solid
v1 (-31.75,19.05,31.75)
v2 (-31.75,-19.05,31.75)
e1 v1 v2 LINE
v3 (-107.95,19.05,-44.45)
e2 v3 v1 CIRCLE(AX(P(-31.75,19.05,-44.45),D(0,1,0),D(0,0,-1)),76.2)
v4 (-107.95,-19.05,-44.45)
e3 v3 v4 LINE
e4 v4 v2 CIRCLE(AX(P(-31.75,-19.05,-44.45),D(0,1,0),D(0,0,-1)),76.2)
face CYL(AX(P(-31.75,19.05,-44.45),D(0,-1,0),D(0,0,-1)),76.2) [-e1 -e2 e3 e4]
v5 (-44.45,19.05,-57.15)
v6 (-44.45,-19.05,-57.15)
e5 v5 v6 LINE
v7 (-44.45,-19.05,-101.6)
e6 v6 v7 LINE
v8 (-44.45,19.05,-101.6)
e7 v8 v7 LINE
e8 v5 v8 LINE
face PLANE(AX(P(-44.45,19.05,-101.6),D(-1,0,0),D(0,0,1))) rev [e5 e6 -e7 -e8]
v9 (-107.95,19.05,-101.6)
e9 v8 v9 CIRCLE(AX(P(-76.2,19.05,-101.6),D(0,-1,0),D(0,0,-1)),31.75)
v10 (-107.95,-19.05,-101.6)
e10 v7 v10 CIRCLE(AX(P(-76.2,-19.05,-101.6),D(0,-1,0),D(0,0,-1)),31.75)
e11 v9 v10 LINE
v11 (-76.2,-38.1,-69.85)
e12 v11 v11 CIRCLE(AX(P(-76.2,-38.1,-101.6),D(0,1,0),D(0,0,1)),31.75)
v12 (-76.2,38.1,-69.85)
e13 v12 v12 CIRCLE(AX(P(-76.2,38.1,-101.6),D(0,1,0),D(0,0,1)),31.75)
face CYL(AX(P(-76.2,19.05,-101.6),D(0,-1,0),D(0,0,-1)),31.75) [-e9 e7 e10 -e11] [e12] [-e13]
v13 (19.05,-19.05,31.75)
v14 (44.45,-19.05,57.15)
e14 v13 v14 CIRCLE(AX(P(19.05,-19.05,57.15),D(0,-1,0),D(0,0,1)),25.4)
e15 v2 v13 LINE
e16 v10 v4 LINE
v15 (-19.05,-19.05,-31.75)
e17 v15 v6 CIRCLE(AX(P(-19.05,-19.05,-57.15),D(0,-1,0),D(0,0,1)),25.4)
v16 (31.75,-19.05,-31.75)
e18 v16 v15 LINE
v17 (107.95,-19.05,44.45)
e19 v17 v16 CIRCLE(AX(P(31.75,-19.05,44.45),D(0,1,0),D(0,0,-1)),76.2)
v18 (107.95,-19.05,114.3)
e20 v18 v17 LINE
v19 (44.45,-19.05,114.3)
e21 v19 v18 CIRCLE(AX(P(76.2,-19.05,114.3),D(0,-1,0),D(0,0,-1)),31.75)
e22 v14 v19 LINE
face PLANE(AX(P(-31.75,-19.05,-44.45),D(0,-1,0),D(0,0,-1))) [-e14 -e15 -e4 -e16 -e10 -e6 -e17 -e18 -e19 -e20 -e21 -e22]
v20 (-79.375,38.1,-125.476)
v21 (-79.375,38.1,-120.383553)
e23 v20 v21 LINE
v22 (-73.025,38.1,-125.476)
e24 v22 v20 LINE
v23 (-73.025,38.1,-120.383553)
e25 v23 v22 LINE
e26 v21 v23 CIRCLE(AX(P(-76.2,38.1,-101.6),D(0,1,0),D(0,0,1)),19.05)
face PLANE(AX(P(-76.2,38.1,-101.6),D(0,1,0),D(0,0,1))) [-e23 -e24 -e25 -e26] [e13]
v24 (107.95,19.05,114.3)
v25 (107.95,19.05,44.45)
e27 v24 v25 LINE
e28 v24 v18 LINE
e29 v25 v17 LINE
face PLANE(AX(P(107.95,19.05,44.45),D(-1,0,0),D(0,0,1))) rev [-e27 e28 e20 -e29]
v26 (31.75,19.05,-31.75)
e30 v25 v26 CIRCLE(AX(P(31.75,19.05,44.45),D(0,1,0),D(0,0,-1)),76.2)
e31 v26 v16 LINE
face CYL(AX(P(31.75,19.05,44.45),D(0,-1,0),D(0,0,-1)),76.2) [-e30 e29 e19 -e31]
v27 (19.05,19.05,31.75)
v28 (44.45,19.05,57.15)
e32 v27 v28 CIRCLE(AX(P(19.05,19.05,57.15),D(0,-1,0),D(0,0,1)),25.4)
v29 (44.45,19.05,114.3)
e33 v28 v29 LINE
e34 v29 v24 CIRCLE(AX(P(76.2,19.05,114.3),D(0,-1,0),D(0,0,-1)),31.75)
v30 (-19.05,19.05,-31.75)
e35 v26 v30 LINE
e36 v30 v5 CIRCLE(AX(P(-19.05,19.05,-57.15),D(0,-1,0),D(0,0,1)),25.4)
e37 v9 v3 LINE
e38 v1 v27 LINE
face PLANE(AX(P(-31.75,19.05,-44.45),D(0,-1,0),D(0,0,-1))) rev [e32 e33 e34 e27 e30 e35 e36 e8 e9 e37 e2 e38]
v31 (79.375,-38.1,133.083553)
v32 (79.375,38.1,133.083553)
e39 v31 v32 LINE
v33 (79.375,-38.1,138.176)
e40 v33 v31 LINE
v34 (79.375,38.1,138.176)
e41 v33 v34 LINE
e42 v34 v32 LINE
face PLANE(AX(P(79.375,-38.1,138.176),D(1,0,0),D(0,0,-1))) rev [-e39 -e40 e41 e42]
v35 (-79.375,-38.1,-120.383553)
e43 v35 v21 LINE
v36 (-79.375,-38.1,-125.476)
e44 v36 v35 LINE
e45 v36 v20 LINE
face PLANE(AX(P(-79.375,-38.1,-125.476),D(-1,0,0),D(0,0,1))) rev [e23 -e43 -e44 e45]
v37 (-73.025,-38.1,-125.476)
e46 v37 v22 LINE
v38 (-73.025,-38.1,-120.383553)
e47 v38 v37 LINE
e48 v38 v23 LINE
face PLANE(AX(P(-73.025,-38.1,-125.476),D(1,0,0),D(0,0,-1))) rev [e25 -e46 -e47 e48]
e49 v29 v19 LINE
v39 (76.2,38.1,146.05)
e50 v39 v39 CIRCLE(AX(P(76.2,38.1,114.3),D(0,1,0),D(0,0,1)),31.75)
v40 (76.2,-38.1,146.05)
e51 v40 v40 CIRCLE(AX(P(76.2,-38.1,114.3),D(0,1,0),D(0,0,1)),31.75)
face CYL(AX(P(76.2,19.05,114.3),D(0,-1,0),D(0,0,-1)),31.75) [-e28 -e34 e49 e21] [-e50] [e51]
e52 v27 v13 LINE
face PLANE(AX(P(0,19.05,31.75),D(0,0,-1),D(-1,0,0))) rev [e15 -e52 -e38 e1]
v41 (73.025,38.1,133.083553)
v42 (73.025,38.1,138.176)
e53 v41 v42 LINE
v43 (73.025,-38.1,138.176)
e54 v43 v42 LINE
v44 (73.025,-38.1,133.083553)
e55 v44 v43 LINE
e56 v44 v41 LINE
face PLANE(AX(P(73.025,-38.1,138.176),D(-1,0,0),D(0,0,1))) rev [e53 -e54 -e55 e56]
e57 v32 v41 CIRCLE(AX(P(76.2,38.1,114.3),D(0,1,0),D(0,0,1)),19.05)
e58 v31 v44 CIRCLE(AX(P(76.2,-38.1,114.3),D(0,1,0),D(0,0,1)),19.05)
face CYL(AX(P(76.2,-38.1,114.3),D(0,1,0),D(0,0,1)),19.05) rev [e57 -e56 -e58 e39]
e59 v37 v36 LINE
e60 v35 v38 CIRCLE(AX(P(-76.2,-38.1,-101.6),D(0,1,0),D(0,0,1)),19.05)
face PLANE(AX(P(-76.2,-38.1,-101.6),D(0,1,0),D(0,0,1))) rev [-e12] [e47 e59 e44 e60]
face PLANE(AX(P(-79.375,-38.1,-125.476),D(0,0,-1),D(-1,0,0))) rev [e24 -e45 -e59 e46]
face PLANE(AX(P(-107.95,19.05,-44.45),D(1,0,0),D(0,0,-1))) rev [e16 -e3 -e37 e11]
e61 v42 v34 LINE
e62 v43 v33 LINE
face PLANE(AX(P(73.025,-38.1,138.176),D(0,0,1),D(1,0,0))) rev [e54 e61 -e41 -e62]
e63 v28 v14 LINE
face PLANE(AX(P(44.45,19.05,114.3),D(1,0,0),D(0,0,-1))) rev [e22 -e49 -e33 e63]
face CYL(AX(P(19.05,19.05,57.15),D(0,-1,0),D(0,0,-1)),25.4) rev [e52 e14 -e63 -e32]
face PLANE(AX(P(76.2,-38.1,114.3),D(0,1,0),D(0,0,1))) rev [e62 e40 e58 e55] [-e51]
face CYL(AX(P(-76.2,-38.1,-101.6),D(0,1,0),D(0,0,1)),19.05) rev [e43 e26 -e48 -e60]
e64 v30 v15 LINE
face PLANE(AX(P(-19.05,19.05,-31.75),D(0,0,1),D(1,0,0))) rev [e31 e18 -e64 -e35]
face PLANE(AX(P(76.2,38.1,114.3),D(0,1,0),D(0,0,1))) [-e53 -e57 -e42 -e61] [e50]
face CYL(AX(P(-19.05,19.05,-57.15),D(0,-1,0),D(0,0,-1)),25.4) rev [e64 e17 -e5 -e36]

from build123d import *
from build123d.topology import SkipClean

# Parameters (mm, degrees)
BOSS_EXTRUDE1_DEPTH      = 19.05
BOSS_EXTRUDE2_DEPTH      = 19.05
BOSS_EXTRUDE2_DEPTH_BACK = 57.15
SKETCH2_R                = 31.75
CUT_EXTRUDE1_DEPTH       = 197.952392725


with BuildPart() as part:
    # Sketch1 → Boss-Extrude1 (new, symmetric)
    with BuildSketch(Plane(origin=(0, 0, 0), x_dir=(1, 0, 0), z_dir=(0, 1, 0))):
        with BuildLine():
            Line((0, -31.75), (-31.75, -31.75))
            ThreePointArc((-31.75, -31.75), (-85.631536726, -9.431536726), (-107.95, 44.45))
            Line((-107.95, 44.45), (-107.95, 101.6))
            ThreePointArc((-107.95, 101.6), (-76.2, 133.35), (-44.45, 101.6))
            Line((-44.45, 101.6), (-44.45, 57.15))
            ThreePointArc((-44.45, 57.15), (-37.010512242, 39.189487758), (-19.05, 31.75))
            Line((-19.05, 31.75), (0, 31.75))
            Line((0, 31.75), (31.75, 31.75))
            ThreePointArc((31.75, 31.75), (85.631536726, 9.431536726), (107.95, -44.45))
            Line((107.95, -44.45), (107.95, -114.3))
            ThreePointArc((107.95, -114.3), (76.2, -146.05), (44.45, -114.3))
            Line((44.45, -114.3), (44.45, -57.15))
            ThreePointArc((44.45, -57.15), (37.010512242, -39.189487758), (19.05, -31.75))
            Line((19.05, -31.75), (0, -31.75))
        make_face()
    extrude(amount=BOSS_EXTRUDE1_DEPTH, both=True)

    # Sketch2 → Boss-Extrude2 (add, two sides: drawn at the far end of the back side and taken through both)
    with SkipClean():  # the faces are left unmerged after this step: merging them gives an invalid solid
        with BuildSketch(Plane(origin=(0, 19.05, 0), x_dir=(1, 0, 0), z_dir=(0, 1, 0)).offset(-BOSS_EXTRUDE2_DEPTH_BACK)):
            with Locations((-76.2, 101.6)):
                Circle(SKETCH2_R)
            with Locations((76.2, -114.3)):
                Circle(SKETCH2_R)
        extrude(amount=BOSS_EXTRUDE2_DEPTH + BOSS_EXTRUDE2_DEPTH_BACK)

    # Sketch3 → Cut-Extrude1 (cut, through all)
    with SkipClean():  # the faces are left unmerged after this step: merging them gives an invalid solid
        with BuildSketch(Plane(origin=(0, 38.1, 0), x_dir=(1, 0, 0), z_dir=(0, 1, 0))):
            with BuildLine():
                Line((-79.375, 125.476), (-73.025, 125.476))
                Line((-73.025, 125.476), (-73.025, 120.383553311))
                ThreePointArc((-73.025, 120.383553311), (-76.2, 82.55), (-79.375, 120.383553311))
                Line((-79.375, 120.383553311), (-79.375, 125.476))
            make_face()
            with BuildLine():
                Line((73.025, -138.176), (79.375, -138.176))
                Line((79.375, -138.176), (79.375, -133.083553311))
                ThreePointArc((79.375, -133.083553311), (76.2, -95.25), (73.025, -133.083553311))
                Line((73.025, -133.083553311), (73.025, -138.176))
            make_face()
        extrude(amount=-CUT_EXTRUDE1_DEPTH, mode=Mode.SUBTRACT)


solid = part.part
